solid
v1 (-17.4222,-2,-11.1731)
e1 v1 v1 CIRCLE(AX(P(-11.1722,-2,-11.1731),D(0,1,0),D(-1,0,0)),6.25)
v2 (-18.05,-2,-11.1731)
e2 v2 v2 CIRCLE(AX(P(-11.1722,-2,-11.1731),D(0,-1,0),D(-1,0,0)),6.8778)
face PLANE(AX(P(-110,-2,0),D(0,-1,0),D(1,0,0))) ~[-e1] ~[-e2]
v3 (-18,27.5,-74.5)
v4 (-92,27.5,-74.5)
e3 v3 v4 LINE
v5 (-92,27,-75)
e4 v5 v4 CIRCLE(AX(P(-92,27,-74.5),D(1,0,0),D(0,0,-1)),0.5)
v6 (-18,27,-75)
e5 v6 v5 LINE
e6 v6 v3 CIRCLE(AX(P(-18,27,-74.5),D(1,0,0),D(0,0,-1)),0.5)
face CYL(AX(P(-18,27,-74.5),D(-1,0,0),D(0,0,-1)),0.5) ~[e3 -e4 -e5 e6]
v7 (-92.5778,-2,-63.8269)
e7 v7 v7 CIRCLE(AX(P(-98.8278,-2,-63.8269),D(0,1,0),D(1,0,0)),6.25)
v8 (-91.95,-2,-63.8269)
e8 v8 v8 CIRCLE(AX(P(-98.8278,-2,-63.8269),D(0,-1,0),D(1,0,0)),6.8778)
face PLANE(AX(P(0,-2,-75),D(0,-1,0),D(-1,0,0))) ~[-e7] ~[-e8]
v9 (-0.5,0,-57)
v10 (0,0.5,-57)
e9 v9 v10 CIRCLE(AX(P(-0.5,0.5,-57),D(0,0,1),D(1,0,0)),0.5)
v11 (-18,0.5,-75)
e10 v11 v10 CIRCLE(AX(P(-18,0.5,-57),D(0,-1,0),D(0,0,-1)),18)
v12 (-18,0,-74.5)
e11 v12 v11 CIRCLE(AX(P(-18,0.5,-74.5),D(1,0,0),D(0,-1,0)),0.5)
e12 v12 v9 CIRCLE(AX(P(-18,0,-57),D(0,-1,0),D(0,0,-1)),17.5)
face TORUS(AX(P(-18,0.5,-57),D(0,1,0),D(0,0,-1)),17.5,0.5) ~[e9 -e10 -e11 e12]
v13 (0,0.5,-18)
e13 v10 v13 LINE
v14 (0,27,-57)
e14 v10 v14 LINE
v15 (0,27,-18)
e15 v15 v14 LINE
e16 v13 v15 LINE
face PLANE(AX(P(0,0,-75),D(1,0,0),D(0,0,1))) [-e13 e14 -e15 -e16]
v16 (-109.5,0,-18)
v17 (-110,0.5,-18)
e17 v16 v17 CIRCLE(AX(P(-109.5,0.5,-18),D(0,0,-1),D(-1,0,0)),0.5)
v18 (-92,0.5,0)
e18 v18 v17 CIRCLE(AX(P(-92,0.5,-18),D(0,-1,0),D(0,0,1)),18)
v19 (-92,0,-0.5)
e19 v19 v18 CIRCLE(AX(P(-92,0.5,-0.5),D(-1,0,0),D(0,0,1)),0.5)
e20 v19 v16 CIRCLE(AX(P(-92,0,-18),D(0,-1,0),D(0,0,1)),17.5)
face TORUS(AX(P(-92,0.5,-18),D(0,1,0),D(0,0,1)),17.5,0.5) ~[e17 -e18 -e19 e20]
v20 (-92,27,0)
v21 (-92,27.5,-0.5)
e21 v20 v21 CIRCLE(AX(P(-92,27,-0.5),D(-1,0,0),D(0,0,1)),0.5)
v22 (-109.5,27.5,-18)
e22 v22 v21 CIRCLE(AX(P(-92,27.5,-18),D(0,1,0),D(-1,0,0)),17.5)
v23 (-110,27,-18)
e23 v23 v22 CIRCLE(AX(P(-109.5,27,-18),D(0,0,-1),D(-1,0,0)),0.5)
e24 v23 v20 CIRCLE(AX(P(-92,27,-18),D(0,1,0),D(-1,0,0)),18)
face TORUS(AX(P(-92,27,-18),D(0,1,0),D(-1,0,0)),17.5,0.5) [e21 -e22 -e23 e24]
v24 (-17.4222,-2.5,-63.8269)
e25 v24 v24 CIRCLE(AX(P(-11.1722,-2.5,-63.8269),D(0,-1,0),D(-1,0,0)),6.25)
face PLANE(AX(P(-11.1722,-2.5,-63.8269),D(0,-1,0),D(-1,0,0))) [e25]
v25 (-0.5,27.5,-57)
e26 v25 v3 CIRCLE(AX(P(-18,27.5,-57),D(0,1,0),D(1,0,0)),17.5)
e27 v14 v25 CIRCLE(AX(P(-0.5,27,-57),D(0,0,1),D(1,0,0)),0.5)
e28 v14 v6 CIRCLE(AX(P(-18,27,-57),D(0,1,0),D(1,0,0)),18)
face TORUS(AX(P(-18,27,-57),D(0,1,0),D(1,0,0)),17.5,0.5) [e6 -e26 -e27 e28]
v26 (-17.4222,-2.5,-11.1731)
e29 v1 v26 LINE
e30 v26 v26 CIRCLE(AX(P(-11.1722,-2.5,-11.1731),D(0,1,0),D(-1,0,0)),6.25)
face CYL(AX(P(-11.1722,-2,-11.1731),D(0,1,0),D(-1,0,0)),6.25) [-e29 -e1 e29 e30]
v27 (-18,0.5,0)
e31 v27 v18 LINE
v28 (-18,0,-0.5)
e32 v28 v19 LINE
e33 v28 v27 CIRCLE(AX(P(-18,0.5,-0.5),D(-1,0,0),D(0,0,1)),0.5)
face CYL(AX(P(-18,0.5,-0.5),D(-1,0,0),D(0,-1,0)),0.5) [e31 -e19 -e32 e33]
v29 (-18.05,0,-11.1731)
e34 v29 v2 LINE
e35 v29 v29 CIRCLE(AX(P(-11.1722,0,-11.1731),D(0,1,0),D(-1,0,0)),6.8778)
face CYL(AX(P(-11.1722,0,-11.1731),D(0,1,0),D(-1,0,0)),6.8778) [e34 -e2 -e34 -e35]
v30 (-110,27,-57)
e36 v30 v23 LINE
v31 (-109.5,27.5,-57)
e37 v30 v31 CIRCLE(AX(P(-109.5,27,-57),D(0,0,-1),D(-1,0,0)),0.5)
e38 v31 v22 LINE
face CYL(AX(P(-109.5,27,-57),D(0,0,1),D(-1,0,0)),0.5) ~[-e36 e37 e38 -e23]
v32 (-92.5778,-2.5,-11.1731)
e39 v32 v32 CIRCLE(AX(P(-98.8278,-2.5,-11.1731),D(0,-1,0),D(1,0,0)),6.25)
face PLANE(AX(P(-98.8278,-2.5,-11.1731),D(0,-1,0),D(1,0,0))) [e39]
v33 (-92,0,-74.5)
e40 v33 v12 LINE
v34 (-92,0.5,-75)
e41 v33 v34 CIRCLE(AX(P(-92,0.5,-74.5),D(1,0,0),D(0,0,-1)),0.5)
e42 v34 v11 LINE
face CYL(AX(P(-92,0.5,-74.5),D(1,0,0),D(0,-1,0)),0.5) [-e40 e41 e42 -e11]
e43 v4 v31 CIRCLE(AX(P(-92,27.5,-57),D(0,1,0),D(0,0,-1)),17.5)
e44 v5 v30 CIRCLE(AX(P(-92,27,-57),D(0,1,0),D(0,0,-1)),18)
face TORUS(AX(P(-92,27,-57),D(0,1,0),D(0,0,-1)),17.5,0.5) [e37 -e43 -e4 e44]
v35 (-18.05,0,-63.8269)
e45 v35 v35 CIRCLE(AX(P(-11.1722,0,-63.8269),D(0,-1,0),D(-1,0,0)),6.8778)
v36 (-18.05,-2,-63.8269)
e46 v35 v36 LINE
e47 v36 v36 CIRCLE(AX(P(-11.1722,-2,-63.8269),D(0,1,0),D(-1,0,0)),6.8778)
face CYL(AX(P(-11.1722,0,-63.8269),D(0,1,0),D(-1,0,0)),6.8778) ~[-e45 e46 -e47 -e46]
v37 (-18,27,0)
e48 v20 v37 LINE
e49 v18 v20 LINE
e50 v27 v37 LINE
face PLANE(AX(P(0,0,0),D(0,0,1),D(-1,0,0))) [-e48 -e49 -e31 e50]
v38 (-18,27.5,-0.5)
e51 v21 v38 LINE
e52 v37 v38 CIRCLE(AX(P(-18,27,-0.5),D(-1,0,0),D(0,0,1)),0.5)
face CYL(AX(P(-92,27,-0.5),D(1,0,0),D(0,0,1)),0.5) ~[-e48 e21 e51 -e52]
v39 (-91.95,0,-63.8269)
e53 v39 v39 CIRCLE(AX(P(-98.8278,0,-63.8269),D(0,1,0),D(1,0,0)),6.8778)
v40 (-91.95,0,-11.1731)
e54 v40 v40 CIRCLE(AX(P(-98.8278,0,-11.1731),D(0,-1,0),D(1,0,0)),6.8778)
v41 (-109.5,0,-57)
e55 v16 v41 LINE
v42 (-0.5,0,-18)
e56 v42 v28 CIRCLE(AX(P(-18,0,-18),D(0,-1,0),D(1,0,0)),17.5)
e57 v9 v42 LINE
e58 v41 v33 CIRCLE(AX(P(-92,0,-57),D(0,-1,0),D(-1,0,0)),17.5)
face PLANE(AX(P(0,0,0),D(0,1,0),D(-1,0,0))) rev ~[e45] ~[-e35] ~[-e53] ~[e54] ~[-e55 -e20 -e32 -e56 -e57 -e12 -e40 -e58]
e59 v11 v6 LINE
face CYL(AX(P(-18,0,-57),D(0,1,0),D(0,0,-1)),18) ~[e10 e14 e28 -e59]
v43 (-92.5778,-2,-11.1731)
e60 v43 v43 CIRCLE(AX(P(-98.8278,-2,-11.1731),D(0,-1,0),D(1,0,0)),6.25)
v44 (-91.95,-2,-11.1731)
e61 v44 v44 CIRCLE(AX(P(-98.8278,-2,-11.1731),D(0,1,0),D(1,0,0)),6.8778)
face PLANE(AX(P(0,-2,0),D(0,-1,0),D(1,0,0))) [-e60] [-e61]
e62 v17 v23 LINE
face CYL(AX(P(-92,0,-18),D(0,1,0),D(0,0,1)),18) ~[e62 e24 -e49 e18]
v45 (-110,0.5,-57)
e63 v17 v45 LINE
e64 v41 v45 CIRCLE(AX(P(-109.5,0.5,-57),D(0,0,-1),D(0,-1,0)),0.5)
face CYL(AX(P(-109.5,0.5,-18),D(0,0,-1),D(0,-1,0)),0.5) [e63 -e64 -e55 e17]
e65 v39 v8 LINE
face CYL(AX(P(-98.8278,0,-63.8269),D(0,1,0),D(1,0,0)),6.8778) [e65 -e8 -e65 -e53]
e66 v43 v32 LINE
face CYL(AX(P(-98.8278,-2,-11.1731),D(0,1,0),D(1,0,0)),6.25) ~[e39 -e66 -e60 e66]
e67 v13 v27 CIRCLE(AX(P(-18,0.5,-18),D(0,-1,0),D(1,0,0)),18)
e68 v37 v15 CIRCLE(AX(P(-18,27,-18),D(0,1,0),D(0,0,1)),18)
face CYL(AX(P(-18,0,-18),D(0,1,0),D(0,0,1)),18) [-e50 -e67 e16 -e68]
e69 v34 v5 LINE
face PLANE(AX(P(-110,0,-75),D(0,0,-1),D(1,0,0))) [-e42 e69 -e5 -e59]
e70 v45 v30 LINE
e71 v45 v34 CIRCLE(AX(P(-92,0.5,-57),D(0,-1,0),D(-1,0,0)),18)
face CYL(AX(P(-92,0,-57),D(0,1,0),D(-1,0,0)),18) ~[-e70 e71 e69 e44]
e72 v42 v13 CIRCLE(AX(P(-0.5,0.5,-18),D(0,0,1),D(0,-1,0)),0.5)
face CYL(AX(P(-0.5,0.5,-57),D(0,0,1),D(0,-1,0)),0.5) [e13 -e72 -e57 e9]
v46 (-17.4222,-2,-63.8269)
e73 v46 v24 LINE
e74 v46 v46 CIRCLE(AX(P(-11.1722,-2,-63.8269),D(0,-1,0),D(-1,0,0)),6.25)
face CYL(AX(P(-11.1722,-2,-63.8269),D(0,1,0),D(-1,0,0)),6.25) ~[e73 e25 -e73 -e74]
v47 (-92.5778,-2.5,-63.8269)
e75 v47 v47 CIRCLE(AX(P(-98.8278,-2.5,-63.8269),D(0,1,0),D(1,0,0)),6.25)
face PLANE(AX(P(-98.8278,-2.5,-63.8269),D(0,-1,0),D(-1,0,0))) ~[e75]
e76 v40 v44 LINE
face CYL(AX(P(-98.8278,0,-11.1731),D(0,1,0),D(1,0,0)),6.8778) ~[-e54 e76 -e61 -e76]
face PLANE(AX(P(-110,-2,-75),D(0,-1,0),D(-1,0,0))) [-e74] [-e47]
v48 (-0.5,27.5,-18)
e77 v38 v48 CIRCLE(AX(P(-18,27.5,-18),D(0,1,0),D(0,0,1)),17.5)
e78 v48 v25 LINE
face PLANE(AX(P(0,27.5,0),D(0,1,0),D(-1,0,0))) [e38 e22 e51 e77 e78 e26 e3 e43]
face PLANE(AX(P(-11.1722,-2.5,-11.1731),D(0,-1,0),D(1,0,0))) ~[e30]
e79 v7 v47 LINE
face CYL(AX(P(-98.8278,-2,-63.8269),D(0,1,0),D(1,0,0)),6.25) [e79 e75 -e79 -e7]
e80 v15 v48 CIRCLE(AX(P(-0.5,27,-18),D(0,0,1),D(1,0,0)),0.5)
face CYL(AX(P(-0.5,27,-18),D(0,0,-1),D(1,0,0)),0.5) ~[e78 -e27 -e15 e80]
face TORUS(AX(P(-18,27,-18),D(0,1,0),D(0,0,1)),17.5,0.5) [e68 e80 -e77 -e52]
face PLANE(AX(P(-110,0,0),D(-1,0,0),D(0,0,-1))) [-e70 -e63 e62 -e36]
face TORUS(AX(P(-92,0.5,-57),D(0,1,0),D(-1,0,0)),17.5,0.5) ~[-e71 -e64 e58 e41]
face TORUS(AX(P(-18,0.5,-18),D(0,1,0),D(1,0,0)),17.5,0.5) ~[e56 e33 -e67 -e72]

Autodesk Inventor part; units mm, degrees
ref_plane "YZ Plane" through (0, 0, 0) normal (1, 0, 0) x (0, 1, 0)
sketch "Sketch1" plane through (0, 0, 0) normal (0, 1, 0) x (-1, 0, 0)
  line L0 (0, 0) -> (110, 0)
  line L1 (110, 0) -> (110, -75)
  line L2 (110, -75) -> (0, -75)
  line L3 (0, -75) -> (0, 0)
  dimension "d0" = 110
  dimension "d1" = 75
extrude "Extrusion1" add sketch "Sketch1" along normal blind 27.5
fillet "Fillet1" radius 18 4 edges at (-110, 13.75, 0) (0, 13.75, 0) (0, 13.75, -75) (-110, 13.75, -75)
sketch "Sketch2" plane through (0, 0, 0) normal (0, -1, 0) x (1, 0, 0)
  line L0 (-110.0023, 0) -> (-0.0023, 0) construction
  line L1 (-0.0023, 0) -> (-0.0023, -81.8008) construction
  line L2 (-0.0023, -81.8008) -> (-110.0023, -81.8008) construction
  line L3 (-110.0023, -81.8008) -> (-110.0023, 0) construction
  arc A0 (-92, 0) -> (-110, -18) centre (-92, -18) ccw projected
  line L4 (-110.0023, 0) -> (-92, -18)
  circle A1 centre (-98.8278, -11.1731) radius 6.8778
  point P0 (0, 0)
  dimension "d14" = 110
extrude "Extrusion2" add sketch "Sketch2" along normal blind 2
sketch "Sketch3" plane through (-98.8278, -2, -11.1731) normal (0, -1, 0) x (1, 0, 0)
  circle A0 centre (0, 0) radius 6.25
  point P0 (98.8278, 11.1731)
  dimension "d28" = 12.5
extrude "Extrusion3" add sketch "Sketch3" along normal blind 0.5
ref_plane "Work Plane1" through (-92, 0, -37.5) normal (0, 0, 1) x (1, 0, 0)
ref_plane "Work Plane2" through (-55, 0, -18) normal (1, 0, 0) x (0, 0, -1)
mirror "Mirror1" about plane through (-92, 0, -37.5) normal (0, 0, 1) of "Extrusion2", "Extrusion3"
mirror "Mirror2" about plane through (-55, 0, -18) normal (1, 0, 0) of "Extrusion2", "Extrusion3", "Mirror1"
fillet "Fillet2" radius 0.5 16 edges at (-5.2721, 27.5, -5.2721) (0, 27.5, -37.5) (-5.2721, 27.5, -69.7279) (-55, 27.5, -75) (-104.7279, 27.5, -69.7279) (-110, 27.5, -37.5) (-104.7279, 27.5, -5.2721) (-55, 27.5, 0) (-104.7279, 0, -5.2721) (-110, 0, -37.5) (-104.7279, 0, -69.7279) (-55, 0, -75) (-5.2721, 0, -69.7279) (0, 0, -37.5) (-5.2721, 0, -5.2721) (-55, 0, 0)
properties part number "OM5P-AC"
